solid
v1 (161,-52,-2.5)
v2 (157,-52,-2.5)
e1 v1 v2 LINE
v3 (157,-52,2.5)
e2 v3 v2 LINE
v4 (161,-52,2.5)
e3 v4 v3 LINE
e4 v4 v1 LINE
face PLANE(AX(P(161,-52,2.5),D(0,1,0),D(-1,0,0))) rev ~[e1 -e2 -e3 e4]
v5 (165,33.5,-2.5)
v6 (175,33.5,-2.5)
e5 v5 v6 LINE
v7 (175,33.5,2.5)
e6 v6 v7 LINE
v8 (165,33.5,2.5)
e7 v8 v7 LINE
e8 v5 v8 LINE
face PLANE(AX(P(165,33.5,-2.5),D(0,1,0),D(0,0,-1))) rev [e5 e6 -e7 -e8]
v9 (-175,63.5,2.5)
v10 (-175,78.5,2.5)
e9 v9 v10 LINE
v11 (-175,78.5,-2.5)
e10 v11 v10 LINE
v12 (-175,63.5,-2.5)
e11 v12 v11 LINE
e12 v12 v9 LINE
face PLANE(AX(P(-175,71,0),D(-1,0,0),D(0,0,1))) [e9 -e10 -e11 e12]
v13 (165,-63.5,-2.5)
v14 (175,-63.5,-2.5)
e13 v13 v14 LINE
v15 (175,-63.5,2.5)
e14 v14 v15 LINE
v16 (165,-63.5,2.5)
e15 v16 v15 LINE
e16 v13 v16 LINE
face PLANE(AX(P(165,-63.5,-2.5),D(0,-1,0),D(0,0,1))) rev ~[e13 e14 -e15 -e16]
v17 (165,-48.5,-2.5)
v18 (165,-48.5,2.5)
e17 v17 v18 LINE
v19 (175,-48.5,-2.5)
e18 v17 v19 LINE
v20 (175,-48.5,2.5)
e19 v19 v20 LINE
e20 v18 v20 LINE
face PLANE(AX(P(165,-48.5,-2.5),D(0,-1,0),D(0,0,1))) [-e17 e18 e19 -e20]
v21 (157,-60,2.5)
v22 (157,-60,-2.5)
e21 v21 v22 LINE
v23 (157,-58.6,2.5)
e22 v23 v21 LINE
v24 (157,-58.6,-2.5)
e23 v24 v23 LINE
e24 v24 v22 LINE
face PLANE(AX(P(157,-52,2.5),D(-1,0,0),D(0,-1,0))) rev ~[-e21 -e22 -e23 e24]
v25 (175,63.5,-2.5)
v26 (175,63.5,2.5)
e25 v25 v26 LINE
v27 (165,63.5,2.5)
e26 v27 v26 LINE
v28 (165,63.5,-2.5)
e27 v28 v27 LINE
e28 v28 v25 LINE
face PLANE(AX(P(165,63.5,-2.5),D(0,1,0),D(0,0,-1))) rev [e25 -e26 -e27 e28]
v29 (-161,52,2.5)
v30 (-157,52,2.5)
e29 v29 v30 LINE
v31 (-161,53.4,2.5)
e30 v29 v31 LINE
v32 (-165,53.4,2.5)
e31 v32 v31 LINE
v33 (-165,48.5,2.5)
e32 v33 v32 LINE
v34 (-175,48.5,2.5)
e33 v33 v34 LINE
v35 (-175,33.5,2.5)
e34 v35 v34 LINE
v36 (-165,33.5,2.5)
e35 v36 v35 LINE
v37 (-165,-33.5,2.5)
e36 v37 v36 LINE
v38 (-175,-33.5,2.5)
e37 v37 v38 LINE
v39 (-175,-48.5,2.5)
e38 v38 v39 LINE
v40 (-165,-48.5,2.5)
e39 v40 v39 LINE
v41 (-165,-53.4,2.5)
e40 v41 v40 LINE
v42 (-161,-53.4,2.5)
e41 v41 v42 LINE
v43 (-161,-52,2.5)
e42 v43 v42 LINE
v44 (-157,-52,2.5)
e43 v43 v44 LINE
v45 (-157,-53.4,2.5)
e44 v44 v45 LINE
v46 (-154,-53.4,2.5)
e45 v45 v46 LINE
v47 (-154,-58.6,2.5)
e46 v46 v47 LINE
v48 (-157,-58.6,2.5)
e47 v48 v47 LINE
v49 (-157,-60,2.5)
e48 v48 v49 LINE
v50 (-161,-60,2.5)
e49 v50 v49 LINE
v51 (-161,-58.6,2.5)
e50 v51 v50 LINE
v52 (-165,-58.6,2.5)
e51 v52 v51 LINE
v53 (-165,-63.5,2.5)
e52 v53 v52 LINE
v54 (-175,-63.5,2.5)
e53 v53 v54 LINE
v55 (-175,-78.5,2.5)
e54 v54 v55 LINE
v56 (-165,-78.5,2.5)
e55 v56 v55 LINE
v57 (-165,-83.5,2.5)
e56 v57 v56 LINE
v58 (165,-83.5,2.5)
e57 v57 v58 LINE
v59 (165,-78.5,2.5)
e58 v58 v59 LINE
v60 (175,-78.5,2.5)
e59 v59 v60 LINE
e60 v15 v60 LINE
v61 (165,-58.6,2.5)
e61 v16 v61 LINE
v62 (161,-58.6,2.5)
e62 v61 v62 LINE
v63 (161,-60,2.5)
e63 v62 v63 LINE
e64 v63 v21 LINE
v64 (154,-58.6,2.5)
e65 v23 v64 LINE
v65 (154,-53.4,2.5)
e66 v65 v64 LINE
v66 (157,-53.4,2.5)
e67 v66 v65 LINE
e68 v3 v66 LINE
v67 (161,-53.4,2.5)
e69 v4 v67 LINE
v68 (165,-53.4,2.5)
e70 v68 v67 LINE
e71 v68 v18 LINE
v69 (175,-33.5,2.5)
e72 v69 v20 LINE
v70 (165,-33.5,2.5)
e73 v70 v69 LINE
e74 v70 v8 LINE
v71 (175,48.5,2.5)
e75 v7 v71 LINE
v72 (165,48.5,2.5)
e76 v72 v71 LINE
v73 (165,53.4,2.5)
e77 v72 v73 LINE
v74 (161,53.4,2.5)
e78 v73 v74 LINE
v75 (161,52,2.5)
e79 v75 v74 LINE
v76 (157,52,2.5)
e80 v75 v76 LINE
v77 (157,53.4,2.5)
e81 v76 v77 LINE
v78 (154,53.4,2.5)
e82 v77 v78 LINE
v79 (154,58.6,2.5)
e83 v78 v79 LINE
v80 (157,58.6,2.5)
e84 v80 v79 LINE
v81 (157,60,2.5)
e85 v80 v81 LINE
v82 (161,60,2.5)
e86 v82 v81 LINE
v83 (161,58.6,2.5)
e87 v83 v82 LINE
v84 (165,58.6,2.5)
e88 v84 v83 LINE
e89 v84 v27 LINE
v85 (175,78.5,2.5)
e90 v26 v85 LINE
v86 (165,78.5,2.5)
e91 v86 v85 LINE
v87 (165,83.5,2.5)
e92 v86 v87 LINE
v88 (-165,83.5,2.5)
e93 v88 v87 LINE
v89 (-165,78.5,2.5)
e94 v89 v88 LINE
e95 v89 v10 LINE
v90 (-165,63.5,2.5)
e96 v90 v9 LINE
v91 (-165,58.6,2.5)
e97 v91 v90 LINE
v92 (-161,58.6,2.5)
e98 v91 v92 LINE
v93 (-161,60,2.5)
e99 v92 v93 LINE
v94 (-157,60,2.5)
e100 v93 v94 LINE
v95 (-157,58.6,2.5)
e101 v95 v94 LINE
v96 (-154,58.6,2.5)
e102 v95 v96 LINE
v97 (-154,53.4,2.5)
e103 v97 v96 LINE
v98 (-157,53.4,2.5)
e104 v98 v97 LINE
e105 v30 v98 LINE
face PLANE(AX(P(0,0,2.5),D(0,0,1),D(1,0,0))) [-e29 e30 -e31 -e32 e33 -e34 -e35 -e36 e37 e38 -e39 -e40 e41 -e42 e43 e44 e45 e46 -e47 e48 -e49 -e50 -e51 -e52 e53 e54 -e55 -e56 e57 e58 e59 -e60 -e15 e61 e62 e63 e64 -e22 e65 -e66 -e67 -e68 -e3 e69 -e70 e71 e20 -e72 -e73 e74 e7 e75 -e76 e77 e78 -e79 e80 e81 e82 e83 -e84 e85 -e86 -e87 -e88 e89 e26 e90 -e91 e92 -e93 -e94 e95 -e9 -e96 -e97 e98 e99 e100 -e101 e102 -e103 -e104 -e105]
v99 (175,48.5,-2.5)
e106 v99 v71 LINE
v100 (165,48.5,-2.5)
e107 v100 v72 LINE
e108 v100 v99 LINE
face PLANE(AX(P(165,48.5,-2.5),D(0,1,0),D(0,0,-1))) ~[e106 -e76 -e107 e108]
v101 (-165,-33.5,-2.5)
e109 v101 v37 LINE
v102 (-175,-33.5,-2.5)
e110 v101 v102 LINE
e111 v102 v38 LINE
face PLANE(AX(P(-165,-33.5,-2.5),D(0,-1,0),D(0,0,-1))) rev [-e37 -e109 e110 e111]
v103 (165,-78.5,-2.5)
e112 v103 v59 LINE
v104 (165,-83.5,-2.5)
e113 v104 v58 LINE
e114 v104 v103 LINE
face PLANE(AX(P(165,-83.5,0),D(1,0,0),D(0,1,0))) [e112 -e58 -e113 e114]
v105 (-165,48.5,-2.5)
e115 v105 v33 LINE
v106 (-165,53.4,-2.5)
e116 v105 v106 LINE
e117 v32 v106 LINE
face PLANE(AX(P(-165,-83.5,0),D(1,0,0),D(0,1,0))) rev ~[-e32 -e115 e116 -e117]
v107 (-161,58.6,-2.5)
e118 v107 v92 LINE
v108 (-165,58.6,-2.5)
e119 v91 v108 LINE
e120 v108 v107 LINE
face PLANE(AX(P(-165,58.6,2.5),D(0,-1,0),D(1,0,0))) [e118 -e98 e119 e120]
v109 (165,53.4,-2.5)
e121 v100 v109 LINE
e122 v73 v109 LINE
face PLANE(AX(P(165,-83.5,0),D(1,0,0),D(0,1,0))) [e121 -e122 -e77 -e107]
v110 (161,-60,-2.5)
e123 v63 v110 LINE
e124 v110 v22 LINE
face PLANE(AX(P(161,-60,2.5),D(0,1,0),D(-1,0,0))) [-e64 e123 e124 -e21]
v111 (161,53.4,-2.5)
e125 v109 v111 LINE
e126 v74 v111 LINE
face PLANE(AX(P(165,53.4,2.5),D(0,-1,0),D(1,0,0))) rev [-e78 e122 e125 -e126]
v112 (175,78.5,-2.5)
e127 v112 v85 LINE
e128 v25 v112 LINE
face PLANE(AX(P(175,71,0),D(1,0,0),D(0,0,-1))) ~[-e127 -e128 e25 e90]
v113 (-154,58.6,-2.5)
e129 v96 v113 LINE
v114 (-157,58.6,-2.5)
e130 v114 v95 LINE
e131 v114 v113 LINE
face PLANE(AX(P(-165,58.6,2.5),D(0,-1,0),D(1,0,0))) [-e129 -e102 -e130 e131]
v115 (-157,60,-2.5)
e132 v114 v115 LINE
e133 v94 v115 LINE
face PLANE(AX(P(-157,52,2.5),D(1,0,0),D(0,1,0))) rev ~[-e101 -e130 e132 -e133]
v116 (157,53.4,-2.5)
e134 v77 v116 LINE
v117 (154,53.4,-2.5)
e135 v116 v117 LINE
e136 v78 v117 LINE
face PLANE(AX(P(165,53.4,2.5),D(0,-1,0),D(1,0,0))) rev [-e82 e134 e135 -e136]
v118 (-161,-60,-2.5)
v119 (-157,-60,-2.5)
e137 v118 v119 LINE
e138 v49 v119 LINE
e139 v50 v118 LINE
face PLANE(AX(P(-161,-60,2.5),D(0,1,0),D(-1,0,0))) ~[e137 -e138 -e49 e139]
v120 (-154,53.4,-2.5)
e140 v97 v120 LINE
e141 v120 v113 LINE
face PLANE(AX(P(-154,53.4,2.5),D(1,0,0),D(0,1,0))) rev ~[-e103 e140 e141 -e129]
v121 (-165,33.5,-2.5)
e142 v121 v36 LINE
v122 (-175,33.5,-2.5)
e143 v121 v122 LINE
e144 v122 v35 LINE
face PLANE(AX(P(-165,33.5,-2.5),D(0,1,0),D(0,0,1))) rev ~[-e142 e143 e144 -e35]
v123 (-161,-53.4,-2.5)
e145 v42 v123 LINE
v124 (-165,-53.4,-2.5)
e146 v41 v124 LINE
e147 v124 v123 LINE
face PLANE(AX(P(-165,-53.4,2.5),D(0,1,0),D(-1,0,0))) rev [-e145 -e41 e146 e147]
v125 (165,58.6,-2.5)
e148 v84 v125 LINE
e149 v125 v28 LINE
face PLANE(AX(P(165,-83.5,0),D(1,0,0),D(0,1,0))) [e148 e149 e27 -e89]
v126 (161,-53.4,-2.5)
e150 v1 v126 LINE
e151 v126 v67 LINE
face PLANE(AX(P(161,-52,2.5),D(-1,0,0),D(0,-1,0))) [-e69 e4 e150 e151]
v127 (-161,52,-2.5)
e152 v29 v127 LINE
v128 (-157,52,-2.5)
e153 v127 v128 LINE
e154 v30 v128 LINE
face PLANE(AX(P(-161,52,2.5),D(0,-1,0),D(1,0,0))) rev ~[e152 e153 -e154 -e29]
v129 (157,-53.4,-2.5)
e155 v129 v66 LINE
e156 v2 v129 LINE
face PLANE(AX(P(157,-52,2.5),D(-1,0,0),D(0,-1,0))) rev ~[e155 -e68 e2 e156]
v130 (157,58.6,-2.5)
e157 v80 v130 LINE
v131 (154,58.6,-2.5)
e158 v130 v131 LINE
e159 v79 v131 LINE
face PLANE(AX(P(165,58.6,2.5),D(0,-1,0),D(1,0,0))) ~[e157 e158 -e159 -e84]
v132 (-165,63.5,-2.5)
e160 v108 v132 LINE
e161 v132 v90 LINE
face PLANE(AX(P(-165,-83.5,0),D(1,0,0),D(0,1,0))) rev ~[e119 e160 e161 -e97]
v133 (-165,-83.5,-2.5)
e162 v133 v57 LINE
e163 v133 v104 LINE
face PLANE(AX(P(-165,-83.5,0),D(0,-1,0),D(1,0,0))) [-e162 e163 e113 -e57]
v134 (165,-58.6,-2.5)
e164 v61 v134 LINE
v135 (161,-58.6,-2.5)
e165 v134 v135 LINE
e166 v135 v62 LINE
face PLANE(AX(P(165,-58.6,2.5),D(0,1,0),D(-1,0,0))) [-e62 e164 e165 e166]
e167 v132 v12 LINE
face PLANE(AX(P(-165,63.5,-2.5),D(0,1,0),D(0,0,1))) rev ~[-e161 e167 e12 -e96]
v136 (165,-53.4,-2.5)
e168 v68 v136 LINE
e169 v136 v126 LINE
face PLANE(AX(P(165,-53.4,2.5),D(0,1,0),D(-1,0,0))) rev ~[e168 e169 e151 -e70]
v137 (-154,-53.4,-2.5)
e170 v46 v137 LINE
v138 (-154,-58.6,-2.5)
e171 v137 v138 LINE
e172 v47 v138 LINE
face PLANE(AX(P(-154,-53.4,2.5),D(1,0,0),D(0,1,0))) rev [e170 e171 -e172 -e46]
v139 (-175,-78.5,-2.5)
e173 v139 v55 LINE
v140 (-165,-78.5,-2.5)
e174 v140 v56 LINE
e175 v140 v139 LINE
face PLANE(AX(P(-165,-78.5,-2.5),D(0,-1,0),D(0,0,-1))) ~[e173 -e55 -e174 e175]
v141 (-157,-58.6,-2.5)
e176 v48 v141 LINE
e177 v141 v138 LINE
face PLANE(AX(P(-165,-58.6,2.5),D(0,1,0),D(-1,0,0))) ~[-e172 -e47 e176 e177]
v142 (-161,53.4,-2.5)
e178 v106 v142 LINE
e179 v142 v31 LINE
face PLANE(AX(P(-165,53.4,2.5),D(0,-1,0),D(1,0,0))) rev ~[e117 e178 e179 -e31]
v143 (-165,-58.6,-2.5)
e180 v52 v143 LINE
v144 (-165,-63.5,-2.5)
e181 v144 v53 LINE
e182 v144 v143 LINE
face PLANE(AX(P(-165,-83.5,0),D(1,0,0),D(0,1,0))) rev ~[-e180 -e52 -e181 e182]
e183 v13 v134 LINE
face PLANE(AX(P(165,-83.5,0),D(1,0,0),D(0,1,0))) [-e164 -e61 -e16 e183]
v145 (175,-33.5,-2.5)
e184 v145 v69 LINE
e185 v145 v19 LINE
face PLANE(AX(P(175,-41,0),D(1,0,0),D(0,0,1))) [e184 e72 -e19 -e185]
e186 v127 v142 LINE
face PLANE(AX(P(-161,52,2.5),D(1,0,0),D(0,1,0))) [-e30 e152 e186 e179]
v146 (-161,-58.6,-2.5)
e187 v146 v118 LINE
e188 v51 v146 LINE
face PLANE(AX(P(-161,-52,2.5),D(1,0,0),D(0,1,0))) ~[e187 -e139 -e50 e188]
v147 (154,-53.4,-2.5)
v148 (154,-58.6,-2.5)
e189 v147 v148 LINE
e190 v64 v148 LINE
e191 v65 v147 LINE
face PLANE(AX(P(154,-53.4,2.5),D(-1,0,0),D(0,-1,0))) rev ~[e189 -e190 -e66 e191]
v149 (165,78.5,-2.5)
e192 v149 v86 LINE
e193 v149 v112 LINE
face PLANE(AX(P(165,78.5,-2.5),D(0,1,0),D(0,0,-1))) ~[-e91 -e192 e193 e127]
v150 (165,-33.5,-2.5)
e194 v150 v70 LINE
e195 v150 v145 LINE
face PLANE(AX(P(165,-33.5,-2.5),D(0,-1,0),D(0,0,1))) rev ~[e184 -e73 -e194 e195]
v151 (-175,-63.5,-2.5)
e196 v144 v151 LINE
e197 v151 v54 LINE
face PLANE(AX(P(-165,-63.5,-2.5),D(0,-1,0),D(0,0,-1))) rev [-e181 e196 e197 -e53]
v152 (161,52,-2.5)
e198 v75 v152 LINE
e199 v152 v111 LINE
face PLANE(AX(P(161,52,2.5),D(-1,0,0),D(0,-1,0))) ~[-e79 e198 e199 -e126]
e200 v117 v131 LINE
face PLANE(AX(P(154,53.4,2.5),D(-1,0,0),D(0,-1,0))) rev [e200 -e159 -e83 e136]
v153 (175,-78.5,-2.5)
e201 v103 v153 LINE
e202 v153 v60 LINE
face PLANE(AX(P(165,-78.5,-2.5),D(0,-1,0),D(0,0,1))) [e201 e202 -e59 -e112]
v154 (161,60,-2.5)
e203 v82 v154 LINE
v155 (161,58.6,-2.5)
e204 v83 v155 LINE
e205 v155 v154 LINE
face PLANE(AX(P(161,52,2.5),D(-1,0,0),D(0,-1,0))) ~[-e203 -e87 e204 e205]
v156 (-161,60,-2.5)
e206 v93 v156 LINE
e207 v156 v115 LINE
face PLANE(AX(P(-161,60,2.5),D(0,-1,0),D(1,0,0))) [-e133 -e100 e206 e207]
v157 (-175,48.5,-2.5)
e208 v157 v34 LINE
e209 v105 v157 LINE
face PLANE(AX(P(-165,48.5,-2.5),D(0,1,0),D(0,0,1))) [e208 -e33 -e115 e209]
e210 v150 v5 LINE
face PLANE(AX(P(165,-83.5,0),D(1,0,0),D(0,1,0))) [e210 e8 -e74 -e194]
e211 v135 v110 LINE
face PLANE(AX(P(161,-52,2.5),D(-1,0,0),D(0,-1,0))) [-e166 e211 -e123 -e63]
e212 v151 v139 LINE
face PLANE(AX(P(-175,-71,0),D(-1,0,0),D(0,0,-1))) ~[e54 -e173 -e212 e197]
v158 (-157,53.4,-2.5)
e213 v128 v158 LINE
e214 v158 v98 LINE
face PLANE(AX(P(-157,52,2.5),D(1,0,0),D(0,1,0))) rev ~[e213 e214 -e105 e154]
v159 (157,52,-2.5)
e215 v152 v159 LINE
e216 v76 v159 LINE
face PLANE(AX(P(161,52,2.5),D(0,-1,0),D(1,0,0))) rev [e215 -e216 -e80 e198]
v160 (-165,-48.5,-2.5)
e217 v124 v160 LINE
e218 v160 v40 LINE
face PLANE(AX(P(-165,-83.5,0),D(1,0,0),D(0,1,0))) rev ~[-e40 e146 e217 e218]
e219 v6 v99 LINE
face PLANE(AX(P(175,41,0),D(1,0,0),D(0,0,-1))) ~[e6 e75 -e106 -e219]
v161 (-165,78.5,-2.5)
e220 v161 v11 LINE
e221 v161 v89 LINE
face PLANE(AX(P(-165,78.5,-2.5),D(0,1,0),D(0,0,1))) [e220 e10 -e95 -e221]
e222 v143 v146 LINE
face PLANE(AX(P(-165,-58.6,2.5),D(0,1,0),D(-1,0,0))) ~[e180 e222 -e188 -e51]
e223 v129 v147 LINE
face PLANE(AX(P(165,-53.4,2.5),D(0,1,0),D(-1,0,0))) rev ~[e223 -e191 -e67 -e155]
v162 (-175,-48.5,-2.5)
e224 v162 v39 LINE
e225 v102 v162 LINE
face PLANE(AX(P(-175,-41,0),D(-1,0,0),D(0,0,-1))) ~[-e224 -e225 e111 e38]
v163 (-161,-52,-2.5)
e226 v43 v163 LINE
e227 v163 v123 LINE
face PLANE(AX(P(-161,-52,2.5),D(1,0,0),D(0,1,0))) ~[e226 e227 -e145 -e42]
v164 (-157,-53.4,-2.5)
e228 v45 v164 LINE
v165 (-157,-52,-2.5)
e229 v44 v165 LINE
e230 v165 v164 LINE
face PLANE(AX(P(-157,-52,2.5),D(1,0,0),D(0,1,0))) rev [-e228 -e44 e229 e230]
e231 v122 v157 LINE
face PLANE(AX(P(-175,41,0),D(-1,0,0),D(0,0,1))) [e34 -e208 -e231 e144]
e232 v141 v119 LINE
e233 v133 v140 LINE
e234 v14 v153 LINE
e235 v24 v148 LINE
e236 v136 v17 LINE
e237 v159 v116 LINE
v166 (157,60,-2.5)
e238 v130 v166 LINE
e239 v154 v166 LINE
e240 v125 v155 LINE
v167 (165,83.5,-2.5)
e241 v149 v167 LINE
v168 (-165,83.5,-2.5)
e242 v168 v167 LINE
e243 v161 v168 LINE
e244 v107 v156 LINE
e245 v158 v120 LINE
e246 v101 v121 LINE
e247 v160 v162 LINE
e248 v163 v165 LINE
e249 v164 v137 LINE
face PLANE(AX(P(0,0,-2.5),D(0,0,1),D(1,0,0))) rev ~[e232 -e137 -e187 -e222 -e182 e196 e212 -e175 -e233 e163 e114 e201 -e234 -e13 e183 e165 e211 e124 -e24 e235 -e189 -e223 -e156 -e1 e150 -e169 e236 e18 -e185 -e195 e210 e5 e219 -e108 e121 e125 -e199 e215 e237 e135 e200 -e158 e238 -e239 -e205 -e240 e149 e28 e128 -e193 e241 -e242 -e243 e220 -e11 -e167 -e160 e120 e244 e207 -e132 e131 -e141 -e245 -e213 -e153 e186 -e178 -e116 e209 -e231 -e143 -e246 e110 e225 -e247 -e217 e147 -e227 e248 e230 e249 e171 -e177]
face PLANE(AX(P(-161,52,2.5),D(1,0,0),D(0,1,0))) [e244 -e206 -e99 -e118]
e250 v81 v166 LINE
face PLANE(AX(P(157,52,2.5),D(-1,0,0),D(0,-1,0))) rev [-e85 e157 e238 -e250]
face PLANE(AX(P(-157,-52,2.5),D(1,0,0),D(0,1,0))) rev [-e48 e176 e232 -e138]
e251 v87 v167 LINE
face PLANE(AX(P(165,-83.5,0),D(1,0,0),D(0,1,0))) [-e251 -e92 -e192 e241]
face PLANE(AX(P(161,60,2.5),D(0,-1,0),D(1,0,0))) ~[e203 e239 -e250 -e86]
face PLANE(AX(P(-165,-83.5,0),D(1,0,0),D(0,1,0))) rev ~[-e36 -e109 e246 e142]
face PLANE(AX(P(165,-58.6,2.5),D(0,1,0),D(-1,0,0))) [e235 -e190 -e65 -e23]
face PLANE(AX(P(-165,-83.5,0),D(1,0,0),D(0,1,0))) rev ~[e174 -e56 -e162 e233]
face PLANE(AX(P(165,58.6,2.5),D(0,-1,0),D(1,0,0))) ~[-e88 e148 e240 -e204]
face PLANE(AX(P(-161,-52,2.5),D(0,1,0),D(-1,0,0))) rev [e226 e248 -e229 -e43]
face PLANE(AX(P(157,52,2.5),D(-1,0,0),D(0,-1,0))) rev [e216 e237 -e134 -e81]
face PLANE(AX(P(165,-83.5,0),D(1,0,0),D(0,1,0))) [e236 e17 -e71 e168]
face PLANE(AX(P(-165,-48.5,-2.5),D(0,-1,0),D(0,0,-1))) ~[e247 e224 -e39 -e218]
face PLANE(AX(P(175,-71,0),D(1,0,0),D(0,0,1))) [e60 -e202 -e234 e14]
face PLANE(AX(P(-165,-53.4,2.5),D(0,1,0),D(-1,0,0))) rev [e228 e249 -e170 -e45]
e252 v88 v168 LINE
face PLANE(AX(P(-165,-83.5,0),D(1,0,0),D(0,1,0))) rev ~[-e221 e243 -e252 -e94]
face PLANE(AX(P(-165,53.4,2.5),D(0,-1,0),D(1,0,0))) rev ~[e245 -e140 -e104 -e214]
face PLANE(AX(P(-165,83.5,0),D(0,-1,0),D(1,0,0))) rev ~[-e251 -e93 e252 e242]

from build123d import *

# Parameters (mm, degrees)
SKETCH1_W               = 330
SKETCH1_H               = 167
BOSS_EXTRUDE1_DEPTH     = 2.5
SKETCH2_W               = 5
SKETCH2_H               = 15
BOSS_EXTRUDE2_DEPTH     = 10
SKETCH4_W               = 11
SKETCH4_H               = 5.2
CUT_EXTRUDE1_DEPTH      = 6
SKETCH5_W               = 4
SKETCH5_H               = 8
CUT_EXTRUDE2_DEPTH      = 6
MIRROR2_COPY_1_SKETCH_W = 5
MIRROR2_COPY_1_SKETCH_H = 15
MIRROR2_COPY_1_DEPTH    = 10
MIRROR2_COPY_2_SKETCH_W = 11
MIRROR2_COPY_2_SKETCH_H = 5.2
MIRROR2_COPY_2_DEPTH    = 6
MIRROR2_COPY_3_SKETCH_W = 4
MIRROR2_COPY_3_SKETCH_H = 8
MIRROR2_COPY_3_DEPTH    = 6


with BuildPart() as part:
    # Sketch1 → Boss-Extrude1 (new body, symmetric)
    with BuildSketch(Plane.XY):
        Rectangle(SKETCH1_W, SKETCH1_H)
    extrude(amount=BOSS_EXTRUDE1_DEPTH, both=True)

    # Sketch2 → Boss-Extrude2 (add)
    with BuildSketch(Plane.ZY.offset(165)):
        with Locations((0, 71)):
            Rectangle(SKETCH2_W, SKETCH2_H)
        with Locations((0, 41)):
            Rectangle(SKETCH2_W, SKETCH2_H)
    boss_extrude2 = extrude(amount=BOSS_EXTRUDE2_DEPTH)

    # Sketch4 → Cut-Extrude1 (cut, through all)
    with BuildSketch(Plane.XY.offset(2.5)):
        with Locations((-159.5, 56)):
            Rectangle(SKETCH4_W, SKETCH4_H)
    cut_extrude1 = extrude(amount=-CUT_EXTRUDE1_DEPTH, mode=Mode.SUBTRACT)

    # Sketch5 → Cut-Extrude2 (cut, through all)
    with BuildSketch(Plane.XY.offset(2.5)):
        with Locations((-159, 56)):
            Rectangle(SKETCH5_W, SKETCH5_H)
    cut_extrude2 = extrude(amount=-CUT_EXTRUDE2_DEPTH, mode=Mode.SUBTRACT)

    # Mirror1: Boss-Extrude2, Cut-Extrude1, Cut-Extrude2 across plane
    add(boss_extrude2.mirror(Plane.ZX))
    add(cut_extrude1.mirror(Plane.ZX), mode=Mode.SUBTRACT)
    add(cut_extrude2.mirror(Plane.ZX), mode=Mode.SUBTRACT)

    # Mirror2: Boss-Extrude2, Cut-Extrude1, Cut-Extrude2 across plane
    add(boss_extrude2.mirror(Plane(origin=(0, 0, 0), x_dir=(0, 0, 1), z_dir=(1, 0, 0))))
    add(cut_extrude1.mirror(Plane(origin=(0, 0, 0), x_dir=(0, 0, 1), z_dir=(1, 0, 0))), mode=Mode.SUBTRACT)
    add(cut_extrude2.mirror(Plane(origin=(0, 0, 0), x_dir=(0, 0, 1), z_dir=(1, 0, 0))), mode=Mode.SUBTRACT)

    # Mirror2 copy 1 sketch → Mirror2 copy 1 (add)
    with BuildSketch(Plane(origin=(165, 0, 0), x_dir=(0, 0, 1), z_dir=(1, 0, 0))):
        with Locations((0, 71)):
            Rectangle(MIRROR2_COPY_1_SKETCH_W, MIRROR2_COPY_1_SKETCH_H)
        with Locations((0, 41)):
            Rectangle(MIRROR2_COPY_1_SKETCH_W, MIRROR2_COPY_1_SKETCH_H)
    extrude(amount=MIRROR2_COPY_1_DEPTH)

    # Mirror2 copy 2 sketch → Mirror2 copy 2 (cut, through all)
    with BuildSketch(Plane(origin=(0, 0, 2.5), x_dir=(-1, 0, 0), z_dir=(0, 0, 1))):
        with Locations((-159.5, 56)):
            Rectangle(MIRROR2_COPY_2_SKETCH_W, MIRROR2_COPY_2_SKETCH_H)
    extrude(amount=-MIRROR2_COPY_2_DEPTH, mode=Mode.SUBTRACT)

    # Mirror2 copy 3 sketch → Mirror2 copy 3 (cut, through all)
    with BuildSketch(Plane(origin=(0, 0, 2.5), x_dir=(-1, 0, 0), z_dir=(0, 0, 1))):
        with Locations((-159, 56)):
            Rectangle(MIRROR2_COPY_3_SKETCH_W, MIRROR2_COPY_3_SKETCH_H)
    extrude(amount=-MIRROR2_COPY_3_DEPTH, mode=Mode.SUBTRACT)


solid = part.part
